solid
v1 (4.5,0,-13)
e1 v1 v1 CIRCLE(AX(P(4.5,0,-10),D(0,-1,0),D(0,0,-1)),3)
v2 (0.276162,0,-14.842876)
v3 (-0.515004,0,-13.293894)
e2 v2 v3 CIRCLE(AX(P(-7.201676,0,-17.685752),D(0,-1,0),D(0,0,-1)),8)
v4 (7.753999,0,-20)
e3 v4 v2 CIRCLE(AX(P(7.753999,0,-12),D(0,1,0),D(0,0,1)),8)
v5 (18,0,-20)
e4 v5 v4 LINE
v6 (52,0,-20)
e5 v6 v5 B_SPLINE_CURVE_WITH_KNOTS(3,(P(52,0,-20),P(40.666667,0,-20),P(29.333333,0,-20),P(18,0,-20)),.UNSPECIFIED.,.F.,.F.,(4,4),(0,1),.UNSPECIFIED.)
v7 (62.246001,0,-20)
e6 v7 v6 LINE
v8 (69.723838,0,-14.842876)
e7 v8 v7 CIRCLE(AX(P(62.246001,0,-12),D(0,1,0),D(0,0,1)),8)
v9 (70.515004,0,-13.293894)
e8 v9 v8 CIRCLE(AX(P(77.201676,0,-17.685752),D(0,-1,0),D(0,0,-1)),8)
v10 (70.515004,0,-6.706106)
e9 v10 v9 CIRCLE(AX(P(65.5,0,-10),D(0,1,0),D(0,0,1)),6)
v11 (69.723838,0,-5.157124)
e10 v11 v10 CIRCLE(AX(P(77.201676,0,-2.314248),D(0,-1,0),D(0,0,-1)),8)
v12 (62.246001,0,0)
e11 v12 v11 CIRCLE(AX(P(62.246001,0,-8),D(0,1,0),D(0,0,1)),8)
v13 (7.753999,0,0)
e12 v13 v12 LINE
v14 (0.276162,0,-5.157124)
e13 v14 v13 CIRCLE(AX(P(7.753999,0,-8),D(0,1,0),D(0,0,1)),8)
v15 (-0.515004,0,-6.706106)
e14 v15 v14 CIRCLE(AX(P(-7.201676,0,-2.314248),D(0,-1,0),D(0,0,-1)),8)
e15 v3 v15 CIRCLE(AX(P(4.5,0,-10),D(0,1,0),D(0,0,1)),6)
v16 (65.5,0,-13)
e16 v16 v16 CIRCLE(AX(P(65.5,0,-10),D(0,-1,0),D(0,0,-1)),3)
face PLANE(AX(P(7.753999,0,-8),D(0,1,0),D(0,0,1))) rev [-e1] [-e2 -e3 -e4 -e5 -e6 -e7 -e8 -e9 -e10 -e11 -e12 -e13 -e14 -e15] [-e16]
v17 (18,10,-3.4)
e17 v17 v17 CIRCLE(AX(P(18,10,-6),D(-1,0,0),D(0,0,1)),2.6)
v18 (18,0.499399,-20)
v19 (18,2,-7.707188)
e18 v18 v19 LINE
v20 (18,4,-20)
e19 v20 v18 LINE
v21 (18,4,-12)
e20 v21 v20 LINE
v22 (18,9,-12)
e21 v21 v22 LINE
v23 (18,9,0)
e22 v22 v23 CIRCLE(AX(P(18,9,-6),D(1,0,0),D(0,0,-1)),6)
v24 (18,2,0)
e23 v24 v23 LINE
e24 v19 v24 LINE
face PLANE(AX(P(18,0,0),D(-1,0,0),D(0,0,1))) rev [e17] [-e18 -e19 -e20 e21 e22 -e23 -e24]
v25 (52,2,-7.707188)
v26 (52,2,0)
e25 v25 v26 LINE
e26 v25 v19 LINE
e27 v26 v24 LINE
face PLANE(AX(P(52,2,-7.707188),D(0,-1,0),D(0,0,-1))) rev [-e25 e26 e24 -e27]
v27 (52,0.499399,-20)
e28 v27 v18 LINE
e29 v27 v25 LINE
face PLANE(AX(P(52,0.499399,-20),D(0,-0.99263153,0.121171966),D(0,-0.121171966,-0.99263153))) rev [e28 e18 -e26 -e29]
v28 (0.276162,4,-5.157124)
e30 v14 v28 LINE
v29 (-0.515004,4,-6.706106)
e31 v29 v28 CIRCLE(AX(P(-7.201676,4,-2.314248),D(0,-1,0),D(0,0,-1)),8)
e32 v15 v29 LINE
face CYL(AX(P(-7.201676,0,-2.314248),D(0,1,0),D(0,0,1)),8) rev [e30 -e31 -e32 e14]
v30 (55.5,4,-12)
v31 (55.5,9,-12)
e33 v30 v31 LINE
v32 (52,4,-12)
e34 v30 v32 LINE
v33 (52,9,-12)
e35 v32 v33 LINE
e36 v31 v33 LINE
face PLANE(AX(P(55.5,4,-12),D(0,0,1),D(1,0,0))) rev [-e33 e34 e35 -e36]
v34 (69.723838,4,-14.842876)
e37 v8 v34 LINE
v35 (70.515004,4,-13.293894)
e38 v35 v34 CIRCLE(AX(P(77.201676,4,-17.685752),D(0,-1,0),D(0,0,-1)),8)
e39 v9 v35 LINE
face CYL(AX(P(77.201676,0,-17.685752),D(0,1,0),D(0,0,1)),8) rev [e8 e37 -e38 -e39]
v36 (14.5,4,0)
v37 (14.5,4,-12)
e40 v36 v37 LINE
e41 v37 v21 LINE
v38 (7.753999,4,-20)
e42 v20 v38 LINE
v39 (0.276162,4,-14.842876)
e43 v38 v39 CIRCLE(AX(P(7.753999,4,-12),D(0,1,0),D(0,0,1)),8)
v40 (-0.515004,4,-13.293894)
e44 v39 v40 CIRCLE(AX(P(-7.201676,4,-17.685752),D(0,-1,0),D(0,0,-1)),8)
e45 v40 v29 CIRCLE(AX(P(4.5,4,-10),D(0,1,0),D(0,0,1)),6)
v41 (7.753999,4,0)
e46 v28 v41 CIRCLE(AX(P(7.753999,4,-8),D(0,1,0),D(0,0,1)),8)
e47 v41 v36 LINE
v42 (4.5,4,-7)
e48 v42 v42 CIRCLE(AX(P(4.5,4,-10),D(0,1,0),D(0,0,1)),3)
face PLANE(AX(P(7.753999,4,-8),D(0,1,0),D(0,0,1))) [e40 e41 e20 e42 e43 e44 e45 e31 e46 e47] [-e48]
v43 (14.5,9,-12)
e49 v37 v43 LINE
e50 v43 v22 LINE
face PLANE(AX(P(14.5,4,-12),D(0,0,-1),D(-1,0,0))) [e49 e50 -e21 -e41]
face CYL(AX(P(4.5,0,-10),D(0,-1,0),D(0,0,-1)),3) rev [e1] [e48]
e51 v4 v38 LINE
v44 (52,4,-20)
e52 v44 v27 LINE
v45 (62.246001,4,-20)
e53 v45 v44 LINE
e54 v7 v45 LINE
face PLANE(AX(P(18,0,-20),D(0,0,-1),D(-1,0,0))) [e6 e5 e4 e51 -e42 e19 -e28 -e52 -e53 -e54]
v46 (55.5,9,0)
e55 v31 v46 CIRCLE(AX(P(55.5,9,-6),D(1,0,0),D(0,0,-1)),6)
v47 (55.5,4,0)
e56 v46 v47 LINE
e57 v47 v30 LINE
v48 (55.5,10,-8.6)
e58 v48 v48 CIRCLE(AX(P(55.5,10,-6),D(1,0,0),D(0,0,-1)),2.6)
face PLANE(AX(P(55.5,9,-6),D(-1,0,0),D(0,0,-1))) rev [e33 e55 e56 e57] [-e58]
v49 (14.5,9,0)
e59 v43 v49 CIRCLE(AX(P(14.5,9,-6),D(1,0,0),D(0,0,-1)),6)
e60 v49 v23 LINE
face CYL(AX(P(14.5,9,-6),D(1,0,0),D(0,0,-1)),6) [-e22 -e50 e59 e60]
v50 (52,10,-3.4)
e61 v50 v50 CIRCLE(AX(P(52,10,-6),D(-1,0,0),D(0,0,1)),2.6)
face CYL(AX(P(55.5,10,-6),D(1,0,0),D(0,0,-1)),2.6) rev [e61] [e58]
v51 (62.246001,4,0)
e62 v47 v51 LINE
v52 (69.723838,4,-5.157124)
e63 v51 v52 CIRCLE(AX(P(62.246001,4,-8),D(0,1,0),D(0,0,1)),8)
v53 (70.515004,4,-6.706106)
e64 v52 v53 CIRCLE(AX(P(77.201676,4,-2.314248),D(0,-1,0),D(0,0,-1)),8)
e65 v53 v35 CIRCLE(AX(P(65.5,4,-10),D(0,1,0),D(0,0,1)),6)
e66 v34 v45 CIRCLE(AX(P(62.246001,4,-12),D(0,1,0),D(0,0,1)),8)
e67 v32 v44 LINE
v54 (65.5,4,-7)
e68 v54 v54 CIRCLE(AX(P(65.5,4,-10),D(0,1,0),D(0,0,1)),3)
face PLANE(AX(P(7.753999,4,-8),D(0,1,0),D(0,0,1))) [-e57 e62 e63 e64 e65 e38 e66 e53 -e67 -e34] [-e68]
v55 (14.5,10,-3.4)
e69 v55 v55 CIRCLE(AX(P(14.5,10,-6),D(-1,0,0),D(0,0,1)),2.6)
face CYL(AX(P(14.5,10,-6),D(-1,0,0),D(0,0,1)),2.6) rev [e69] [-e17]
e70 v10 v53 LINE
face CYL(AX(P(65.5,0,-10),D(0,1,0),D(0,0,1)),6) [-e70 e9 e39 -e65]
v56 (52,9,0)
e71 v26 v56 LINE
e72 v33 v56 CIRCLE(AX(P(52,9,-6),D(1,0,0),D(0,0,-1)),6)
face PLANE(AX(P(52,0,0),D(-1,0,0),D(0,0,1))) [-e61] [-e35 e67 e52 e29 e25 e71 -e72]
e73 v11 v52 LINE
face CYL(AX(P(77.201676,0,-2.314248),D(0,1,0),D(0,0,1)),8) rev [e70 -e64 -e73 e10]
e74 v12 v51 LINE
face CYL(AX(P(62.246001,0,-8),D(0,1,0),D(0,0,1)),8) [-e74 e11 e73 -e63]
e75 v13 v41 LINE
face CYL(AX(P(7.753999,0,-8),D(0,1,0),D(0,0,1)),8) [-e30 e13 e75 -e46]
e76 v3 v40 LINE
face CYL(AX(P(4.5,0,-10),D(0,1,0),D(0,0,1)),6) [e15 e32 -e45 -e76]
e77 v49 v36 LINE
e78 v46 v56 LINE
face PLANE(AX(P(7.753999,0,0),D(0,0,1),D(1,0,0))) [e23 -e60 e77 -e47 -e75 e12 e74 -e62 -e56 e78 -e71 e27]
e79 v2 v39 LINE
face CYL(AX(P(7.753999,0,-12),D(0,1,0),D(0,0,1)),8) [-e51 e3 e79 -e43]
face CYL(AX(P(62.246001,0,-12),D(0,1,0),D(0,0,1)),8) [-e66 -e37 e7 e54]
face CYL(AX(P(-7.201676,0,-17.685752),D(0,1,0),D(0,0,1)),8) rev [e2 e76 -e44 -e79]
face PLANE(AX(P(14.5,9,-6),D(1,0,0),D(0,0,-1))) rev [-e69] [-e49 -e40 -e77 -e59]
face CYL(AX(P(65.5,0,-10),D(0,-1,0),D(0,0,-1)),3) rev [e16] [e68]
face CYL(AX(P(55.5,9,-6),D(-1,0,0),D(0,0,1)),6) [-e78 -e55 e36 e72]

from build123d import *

# Parameters (mm, degrees)
BOSS_EXTRUDE1_DEPTH             = 4
CUT_EXTRUDE1_DEPTH              = 34
BOSS_EXTRUDE2_DEPTH             = 3.5
F_5_2_5_2_DIAMETER_HOLE1_REACH  = 64.241
F_5_2_5_2_DIAMETER_HOLE1_BORE_R = 2.6
F_6_0_6_DIAMETER_HOLE1_D        = 6
F_6_0_6_DIAMETER_HOLE1_DEPTH    = 15


with BuildPart() as part:
    # Sketch1 → Boss-Extrude1 (new body)
    with BuildSketch(Plane(origin=(0, 4, 0), x_dir=(1, 0, 0), z_dir=(0, 1, 0))):
        with BuildLine():
            Line((7.753999476, 0), (62.246000524, 0))
            ThreePointArc((62.246000524, 0), (66.787860981, 1.414295513), (69.723838222, 5.157124101))
            ThreePointArc((69.723838222, 5.157124101), (70.077199101, 5.953180748), (70.515003965, 6.706106372))
            ThreePointArc((70.515003965, 6.706106372), (71.5, 10), (70.515003965, 13.293893628))
            ThreePointArc((70.515003965, 13.293893628), (70.077199101, 14.046819252), (69.723838222, 14.842875899))
            ThreePointArc((69.723838222, 14.842875899), (66.787860981, 18.585704487), (62.246000524, 20))
            Line((62.246000524, 20), (52, 20))
            add(Edge.make_bspline(
                [(18, 20), (29.333333333, 20), (40.666666667, 20), (52, 20)],
                knots=[0, 0, 0, 0, 1, 1, 1, 1], degree=3))
            Line((18, 20), (7.753999476, 20))
            ThreePointArc((7.753999476, 20), (3.212139019, 18.585704487), (0.276161778, 14.842875899))
            ThreePointArc((0.276161778, 14.842875899), (-0.077199101, 14.046819252), (-0.515003965, 13.293893628))
            ThreePointArc((-0.515003965, 13.293893628), (-1.5, 10), (-0.515003965, 6.706106372))
            ThreePointArc((-0.515003965, 6.706106372), (-0.077199101, 5.953180748), (0.276161778, 5.157124101))
            ThreePointArc((0.276161778, 5.157124101), (3.212139019, 1.414295513), (7.753999476, 0))
        make_face()
    extrude(amount=-BOSS_EXTRUDE1_DEPTH)

    # Sketch2 → Cut-Extrude1 (cut)
    with BuildSketch(Plane(origin=(18, 0, 0), x_dir=(0, -1, 0), z_dir=(-1, 0, 0))):
        Polygon((-2, 0), (-4, 0), (-4, -20), (-0.499398694, -20), (-2, -7.707188193), align=None)
    extrude(amount=-CUT_EXTRUDE1_DEPTH, mode=Mode.SUBTRACT)

    # Sketch3 → Boss-Extrude2 (add)
    with BuildSketch(Plane(origin=(18, 0, 0), x_dir=(0, 0, -1), z_dir=(1, 0, 0))):
        with BuildLine():
            Line((0, 4), (12, 4))
            Line((12, 4), (12, 9))
            ThreePointArc((12, 9), (6, 15), (0, 9))
            Line((0, 9), (0, 4))
        make_face()
    boss_extrude2 = extrude(amount=-BOSS_EXTRUDE2_DEPTH)

    # Mirror1: Boss-Extrude2 across plane
    add(boss_extrude2.mirror(Plane.ZY.offset(-35)))

    # Ø5.2 (5.2) Diameter Hole1 bore → Ø5.2 (5.2) Diameter Hole1 (cut, up to next)
    with BuildSketch(Plane.ZY.offset(-14.5), mode=Mode.PRIVATE) as f_5_2_5_2_diameter_hole1_sk1:
        with Locations((-6, 10)):
            Circle(F_5_2_5_2_DIAMETER_HOLE1_BORE_R)
    f_5_2_5_2_diameter_hole1_tool1 = extrude(f_5_2_5_2_diameter_hole1_sk1.sketch, amount=-F_5_2_5_2_DIAMETER_HOLE1_REACH, mode=Mode.PRIVATE) & part.part
    f_5_2_5_2_diameter_hole1 = f_5_2_5_2_diameter_hole1_tool1.solids().sort_by_distance((14.5, 10, -6))[0]
    add(f_5_2_5_2_diameter_hole1, mode=Mode.SUBTRACT)

    # Ø6.0 (6) Diameter Hole1
    with Locations(Plane(origin=(0, 0, 0), x_dir=(-1, 0, 0), z_dir=(0, -1, 0))):
        with Locations((-4.5, 10)):
            f_6_0_6_diameter_hole1 = Hole(F_6_0_6_DIAMETER_HOLE1_D / 2, depth=F_6_0_6_DIAMETER_HOLE1_DEPTH)

    # Mirror2: Ø5.2 (5.2) Diameter Hole1, Ø6.0 (6) Diameter Hole1 across plane
    add(f_5_2_5_2_diameter_hole1.mirror(Plane.ZY.offset(-35)), mode=Mode.SUBTRACT)
    add(f_6_0_6_diameter_hole1.mirror(Plane.ZY.offset(-35)), mode=Mode.SUBTRACT)


solid = part.part
